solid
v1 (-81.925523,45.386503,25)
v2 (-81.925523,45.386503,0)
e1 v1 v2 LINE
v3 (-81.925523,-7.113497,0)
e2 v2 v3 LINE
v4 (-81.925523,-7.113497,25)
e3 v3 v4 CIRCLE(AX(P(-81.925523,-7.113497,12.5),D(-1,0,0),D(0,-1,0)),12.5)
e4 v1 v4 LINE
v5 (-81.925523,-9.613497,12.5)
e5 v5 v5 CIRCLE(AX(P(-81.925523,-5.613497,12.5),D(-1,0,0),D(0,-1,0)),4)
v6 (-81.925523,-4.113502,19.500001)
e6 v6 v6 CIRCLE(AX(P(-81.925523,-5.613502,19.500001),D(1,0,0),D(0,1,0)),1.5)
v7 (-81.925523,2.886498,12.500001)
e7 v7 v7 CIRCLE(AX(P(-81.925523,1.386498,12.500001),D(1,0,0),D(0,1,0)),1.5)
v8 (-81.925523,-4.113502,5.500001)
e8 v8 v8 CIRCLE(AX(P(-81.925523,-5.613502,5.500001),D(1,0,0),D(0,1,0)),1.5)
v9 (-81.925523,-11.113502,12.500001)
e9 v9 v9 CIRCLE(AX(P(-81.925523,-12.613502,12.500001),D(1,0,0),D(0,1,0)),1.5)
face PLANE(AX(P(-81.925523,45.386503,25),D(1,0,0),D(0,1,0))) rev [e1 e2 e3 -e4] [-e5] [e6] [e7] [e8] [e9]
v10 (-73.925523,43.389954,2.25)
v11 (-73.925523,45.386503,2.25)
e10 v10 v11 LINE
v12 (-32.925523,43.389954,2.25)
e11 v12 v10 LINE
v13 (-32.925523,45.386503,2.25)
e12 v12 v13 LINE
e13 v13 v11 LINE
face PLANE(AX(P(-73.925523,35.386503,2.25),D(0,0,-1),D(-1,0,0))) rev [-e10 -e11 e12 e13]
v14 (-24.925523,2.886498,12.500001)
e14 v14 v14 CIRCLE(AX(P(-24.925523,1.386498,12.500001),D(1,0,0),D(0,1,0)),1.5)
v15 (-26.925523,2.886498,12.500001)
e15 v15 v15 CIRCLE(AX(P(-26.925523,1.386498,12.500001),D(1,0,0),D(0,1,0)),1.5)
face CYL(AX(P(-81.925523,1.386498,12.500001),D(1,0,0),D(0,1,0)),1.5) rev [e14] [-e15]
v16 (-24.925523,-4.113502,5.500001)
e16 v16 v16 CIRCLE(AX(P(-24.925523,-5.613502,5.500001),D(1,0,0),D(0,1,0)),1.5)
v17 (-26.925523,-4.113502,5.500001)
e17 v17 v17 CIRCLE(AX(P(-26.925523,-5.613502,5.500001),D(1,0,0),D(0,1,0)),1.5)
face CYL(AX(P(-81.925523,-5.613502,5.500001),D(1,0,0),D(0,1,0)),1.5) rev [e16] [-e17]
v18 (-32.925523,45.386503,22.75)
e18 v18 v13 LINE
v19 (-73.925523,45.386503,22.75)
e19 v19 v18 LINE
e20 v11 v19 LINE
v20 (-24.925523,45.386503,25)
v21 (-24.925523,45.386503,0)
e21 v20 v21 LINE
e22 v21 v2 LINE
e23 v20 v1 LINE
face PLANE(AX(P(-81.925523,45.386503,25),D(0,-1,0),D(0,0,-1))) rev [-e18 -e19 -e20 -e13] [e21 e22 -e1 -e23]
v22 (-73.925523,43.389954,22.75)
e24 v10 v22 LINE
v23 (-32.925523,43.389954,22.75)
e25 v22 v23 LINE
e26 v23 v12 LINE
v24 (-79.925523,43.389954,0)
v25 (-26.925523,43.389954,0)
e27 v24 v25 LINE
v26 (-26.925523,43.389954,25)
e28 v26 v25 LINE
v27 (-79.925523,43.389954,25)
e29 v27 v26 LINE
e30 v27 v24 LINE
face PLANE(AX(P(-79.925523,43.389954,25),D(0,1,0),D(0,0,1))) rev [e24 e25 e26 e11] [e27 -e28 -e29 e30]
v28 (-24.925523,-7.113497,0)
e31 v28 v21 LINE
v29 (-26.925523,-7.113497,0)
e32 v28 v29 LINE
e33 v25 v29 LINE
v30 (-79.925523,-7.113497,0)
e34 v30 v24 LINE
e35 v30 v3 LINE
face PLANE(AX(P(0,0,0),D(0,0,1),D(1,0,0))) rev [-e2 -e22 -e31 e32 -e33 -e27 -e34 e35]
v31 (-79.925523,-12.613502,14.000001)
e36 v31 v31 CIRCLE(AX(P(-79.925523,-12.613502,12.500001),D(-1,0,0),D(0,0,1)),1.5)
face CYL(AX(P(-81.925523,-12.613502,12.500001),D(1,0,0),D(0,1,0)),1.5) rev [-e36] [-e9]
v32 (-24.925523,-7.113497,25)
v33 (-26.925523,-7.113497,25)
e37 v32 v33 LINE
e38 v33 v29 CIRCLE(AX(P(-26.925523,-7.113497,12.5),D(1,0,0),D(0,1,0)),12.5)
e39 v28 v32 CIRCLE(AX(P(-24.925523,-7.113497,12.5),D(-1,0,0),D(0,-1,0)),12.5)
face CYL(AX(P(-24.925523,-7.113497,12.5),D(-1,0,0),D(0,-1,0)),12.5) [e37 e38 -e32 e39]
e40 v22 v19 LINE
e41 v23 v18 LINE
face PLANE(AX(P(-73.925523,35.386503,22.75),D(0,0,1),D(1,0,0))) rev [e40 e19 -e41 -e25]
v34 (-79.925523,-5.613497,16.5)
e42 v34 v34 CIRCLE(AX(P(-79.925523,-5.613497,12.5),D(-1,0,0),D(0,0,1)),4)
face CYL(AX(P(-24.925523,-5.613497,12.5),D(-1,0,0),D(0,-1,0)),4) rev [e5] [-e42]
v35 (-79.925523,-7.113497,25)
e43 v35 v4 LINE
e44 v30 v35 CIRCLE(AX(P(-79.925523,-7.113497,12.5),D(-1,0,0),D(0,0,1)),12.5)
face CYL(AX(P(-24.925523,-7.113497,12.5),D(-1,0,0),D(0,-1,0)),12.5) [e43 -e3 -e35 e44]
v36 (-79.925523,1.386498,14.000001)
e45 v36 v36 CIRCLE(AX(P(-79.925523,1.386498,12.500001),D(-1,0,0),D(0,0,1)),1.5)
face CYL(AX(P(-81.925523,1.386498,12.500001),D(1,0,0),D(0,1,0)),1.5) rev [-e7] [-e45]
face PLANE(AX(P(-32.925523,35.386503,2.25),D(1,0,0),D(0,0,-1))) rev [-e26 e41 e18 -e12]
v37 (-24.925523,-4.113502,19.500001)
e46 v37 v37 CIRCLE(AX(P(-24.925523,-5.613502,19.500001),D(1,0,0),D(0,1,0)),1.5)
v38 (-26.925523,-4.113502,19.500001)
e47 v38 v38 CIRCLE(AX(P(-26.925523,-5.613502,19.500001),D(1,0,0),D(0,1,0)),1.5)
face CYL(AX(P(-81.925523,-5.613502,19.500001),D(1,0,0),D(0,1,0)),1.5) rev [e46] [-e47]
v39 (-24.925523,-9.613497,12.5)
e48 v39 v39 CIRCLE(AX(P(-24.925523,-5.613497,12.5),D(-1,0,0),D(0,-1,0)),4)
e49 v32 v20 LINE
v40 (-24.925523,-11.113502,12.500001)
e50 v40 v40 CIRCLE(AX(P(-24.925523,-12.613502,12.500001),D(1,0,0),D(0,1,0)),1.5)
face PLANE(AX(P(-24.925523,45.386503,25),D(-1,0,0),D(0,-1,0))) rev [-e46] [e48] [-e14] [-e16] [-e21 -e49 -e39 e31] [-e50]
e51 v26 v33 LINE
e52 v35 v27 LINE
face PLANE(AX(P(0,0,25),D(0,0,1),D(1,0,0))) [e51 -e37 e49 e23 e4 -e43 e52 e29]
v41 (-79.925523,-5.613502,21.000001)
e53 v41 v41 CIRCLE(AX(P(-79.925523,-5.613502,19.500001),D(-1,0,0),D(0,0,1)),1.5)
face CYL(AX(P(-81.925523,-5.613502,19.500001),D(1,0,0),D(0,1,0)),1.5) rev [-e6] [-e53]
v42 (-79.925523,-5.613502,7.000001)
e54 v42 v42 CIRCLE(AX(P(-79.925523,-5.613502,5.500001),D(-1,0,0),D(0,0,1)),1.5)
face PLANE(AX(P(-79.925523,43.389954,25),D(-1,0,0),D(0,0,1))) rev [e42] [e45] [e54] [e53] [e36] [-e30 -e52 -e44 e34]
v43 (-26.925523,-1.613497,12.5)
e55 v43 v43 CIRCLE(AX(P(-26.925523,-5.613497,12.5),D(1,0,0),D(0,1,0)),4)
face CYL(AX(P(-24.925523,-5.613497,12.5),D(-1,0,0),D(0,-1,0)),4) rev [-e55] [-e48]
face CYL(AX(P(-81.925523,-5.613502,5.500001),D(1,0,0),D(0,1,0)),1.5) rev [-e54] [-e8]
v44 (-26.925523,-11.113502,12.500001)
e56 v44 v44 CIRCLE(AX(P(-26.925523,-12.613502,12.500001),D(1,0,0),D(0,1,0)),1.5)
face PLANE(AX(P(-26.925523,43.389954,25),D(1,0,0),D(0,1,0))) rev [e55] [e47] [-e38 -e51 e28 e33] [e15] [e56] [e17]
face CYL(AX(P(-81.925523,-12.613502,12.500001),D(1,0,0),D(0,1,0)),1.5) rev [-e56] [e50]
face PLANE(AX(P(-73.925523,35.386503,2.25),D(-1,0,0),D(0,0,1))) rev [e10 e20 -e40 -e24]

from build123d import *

# Parameters (mm, degrees)
BOSS_EXTRUDE2_DEPTH   = 25
SKETCH6_R             = 4
CUT_EXTRUDE2_DEPTH    = 78.032036302
CUT_EXTRUDE3_DEPTH    = 78.032036302
SKETCH9_R             = 1.5
CUT_EXTRUDE4_DEPTH    = 78.032036302
CROQUIS2_W            = 41
CROQUIS2_H            = 20.5
CORTAR_EXTRUIR1_DEPTH = 10


with BuildPart() as part:
    # Sketch3 → Boss-Extrude2 (new body)
    with BuildSketch(Plane.XY):
        Polygon((-79.925523148, 45.386502584), (-27.042967192, 45.386502584), (-24.925523148, 45.386502584), (-24.925523148, -19.613497416), (-26.925523148, -19.613497416), (-26.925523148, 43.389953837), (-79.925523148, 43.389953837), (-79.925523148, -19.613497416), (-81.925523148, -19.613497416), (-81.925523148, 45.386502584), align=None)
    extrude(amount=BOSS_EXTRUDE2_DEPTH)

    # Sketch6 → Cut-Extrude2 (cut, through all)
    with BuildSketch(Plane.ZY.offset(81.925523148)):
        with Locations(Location((12.5, -5.613497416, 0), (0, 0, 270))):
            Circle(SKETCH6_R)
    extrude(amount=-CUT_EXTRUDE2_DEPTH, mode=Mode.SUBTRACT)

    # Sketch8 → Cut-Extrude3 (cut, through all)
    with BuildSketch(Plane.ZY.offset(81.925523148)):
        with BuildLine():
            Line((0, -19.613497416), (12.5, -19.613497416))
            ThreePointArc((12.5, -19.613497416), (3.661165213, -15.952332159), (0, -7.113497352))
            Line((0, -7.113497352), (0, -19.613497416))
        make_face()
        with BuildLine():
            Line((12.5, -19.613497416), (25, -19.613497416))
            Line((25, -19.613497416), (25, -7.113497416))
            ThreePointArc((25, -7.113497416), (21.338834765, -15.952332181), (12.5, -19.613497416))
        make_face()
    extrude(amount=-CUT_EXTRUDE3_DEPTH, mode=Mode.SUBTRACT)

    # Sketch9 → Cut-Extrude4 (cut, through all)
    with BuildSketch(Plane(origin=(-24.925523148, 0, 0), x_dir=(0, 0, -1), z_dir=(1, 0, 0))):
        with Locations(Location((-12.500000994, 1.386498436, 0), (0, 0, 90))):
            Circle(SKETCH9_R)
        with Locations(Location((-5.500000994, -5.613501564, 0), (0, 0, 90))):
            Circle(SKETCH9_R)
        with Locations(Location((-12.500000994, -12.613501564, 0), (0, 0, 90))):
            Circle(SKETCH9_R)
        with Locations(Location((-19.500000994, -5.613501564, 0), (0, 0, 90))):
            Circle(SKETCH9_R)
    extrude(amount=-CUT_EXTRUDE4_DEPTH, mode=Mode.SUBTRACT)

    # Croquis2 → Cortar-Extruir1 (cut)
    with BuildSketch(Plane(origin=(0, 45.386502584, 0), x_dir=(1, 0, 0), z_dir=(0, 1, 0))):
        with Locations((-53.425523148, -12.5)):
            Rectangle(CROQUIS2_W, CROQUIS2_H)
    extrude(amount=-CORTAR_EXTRUIR1_DEPTH, mode=Mode.SUBTRACT)


solid = part.part
